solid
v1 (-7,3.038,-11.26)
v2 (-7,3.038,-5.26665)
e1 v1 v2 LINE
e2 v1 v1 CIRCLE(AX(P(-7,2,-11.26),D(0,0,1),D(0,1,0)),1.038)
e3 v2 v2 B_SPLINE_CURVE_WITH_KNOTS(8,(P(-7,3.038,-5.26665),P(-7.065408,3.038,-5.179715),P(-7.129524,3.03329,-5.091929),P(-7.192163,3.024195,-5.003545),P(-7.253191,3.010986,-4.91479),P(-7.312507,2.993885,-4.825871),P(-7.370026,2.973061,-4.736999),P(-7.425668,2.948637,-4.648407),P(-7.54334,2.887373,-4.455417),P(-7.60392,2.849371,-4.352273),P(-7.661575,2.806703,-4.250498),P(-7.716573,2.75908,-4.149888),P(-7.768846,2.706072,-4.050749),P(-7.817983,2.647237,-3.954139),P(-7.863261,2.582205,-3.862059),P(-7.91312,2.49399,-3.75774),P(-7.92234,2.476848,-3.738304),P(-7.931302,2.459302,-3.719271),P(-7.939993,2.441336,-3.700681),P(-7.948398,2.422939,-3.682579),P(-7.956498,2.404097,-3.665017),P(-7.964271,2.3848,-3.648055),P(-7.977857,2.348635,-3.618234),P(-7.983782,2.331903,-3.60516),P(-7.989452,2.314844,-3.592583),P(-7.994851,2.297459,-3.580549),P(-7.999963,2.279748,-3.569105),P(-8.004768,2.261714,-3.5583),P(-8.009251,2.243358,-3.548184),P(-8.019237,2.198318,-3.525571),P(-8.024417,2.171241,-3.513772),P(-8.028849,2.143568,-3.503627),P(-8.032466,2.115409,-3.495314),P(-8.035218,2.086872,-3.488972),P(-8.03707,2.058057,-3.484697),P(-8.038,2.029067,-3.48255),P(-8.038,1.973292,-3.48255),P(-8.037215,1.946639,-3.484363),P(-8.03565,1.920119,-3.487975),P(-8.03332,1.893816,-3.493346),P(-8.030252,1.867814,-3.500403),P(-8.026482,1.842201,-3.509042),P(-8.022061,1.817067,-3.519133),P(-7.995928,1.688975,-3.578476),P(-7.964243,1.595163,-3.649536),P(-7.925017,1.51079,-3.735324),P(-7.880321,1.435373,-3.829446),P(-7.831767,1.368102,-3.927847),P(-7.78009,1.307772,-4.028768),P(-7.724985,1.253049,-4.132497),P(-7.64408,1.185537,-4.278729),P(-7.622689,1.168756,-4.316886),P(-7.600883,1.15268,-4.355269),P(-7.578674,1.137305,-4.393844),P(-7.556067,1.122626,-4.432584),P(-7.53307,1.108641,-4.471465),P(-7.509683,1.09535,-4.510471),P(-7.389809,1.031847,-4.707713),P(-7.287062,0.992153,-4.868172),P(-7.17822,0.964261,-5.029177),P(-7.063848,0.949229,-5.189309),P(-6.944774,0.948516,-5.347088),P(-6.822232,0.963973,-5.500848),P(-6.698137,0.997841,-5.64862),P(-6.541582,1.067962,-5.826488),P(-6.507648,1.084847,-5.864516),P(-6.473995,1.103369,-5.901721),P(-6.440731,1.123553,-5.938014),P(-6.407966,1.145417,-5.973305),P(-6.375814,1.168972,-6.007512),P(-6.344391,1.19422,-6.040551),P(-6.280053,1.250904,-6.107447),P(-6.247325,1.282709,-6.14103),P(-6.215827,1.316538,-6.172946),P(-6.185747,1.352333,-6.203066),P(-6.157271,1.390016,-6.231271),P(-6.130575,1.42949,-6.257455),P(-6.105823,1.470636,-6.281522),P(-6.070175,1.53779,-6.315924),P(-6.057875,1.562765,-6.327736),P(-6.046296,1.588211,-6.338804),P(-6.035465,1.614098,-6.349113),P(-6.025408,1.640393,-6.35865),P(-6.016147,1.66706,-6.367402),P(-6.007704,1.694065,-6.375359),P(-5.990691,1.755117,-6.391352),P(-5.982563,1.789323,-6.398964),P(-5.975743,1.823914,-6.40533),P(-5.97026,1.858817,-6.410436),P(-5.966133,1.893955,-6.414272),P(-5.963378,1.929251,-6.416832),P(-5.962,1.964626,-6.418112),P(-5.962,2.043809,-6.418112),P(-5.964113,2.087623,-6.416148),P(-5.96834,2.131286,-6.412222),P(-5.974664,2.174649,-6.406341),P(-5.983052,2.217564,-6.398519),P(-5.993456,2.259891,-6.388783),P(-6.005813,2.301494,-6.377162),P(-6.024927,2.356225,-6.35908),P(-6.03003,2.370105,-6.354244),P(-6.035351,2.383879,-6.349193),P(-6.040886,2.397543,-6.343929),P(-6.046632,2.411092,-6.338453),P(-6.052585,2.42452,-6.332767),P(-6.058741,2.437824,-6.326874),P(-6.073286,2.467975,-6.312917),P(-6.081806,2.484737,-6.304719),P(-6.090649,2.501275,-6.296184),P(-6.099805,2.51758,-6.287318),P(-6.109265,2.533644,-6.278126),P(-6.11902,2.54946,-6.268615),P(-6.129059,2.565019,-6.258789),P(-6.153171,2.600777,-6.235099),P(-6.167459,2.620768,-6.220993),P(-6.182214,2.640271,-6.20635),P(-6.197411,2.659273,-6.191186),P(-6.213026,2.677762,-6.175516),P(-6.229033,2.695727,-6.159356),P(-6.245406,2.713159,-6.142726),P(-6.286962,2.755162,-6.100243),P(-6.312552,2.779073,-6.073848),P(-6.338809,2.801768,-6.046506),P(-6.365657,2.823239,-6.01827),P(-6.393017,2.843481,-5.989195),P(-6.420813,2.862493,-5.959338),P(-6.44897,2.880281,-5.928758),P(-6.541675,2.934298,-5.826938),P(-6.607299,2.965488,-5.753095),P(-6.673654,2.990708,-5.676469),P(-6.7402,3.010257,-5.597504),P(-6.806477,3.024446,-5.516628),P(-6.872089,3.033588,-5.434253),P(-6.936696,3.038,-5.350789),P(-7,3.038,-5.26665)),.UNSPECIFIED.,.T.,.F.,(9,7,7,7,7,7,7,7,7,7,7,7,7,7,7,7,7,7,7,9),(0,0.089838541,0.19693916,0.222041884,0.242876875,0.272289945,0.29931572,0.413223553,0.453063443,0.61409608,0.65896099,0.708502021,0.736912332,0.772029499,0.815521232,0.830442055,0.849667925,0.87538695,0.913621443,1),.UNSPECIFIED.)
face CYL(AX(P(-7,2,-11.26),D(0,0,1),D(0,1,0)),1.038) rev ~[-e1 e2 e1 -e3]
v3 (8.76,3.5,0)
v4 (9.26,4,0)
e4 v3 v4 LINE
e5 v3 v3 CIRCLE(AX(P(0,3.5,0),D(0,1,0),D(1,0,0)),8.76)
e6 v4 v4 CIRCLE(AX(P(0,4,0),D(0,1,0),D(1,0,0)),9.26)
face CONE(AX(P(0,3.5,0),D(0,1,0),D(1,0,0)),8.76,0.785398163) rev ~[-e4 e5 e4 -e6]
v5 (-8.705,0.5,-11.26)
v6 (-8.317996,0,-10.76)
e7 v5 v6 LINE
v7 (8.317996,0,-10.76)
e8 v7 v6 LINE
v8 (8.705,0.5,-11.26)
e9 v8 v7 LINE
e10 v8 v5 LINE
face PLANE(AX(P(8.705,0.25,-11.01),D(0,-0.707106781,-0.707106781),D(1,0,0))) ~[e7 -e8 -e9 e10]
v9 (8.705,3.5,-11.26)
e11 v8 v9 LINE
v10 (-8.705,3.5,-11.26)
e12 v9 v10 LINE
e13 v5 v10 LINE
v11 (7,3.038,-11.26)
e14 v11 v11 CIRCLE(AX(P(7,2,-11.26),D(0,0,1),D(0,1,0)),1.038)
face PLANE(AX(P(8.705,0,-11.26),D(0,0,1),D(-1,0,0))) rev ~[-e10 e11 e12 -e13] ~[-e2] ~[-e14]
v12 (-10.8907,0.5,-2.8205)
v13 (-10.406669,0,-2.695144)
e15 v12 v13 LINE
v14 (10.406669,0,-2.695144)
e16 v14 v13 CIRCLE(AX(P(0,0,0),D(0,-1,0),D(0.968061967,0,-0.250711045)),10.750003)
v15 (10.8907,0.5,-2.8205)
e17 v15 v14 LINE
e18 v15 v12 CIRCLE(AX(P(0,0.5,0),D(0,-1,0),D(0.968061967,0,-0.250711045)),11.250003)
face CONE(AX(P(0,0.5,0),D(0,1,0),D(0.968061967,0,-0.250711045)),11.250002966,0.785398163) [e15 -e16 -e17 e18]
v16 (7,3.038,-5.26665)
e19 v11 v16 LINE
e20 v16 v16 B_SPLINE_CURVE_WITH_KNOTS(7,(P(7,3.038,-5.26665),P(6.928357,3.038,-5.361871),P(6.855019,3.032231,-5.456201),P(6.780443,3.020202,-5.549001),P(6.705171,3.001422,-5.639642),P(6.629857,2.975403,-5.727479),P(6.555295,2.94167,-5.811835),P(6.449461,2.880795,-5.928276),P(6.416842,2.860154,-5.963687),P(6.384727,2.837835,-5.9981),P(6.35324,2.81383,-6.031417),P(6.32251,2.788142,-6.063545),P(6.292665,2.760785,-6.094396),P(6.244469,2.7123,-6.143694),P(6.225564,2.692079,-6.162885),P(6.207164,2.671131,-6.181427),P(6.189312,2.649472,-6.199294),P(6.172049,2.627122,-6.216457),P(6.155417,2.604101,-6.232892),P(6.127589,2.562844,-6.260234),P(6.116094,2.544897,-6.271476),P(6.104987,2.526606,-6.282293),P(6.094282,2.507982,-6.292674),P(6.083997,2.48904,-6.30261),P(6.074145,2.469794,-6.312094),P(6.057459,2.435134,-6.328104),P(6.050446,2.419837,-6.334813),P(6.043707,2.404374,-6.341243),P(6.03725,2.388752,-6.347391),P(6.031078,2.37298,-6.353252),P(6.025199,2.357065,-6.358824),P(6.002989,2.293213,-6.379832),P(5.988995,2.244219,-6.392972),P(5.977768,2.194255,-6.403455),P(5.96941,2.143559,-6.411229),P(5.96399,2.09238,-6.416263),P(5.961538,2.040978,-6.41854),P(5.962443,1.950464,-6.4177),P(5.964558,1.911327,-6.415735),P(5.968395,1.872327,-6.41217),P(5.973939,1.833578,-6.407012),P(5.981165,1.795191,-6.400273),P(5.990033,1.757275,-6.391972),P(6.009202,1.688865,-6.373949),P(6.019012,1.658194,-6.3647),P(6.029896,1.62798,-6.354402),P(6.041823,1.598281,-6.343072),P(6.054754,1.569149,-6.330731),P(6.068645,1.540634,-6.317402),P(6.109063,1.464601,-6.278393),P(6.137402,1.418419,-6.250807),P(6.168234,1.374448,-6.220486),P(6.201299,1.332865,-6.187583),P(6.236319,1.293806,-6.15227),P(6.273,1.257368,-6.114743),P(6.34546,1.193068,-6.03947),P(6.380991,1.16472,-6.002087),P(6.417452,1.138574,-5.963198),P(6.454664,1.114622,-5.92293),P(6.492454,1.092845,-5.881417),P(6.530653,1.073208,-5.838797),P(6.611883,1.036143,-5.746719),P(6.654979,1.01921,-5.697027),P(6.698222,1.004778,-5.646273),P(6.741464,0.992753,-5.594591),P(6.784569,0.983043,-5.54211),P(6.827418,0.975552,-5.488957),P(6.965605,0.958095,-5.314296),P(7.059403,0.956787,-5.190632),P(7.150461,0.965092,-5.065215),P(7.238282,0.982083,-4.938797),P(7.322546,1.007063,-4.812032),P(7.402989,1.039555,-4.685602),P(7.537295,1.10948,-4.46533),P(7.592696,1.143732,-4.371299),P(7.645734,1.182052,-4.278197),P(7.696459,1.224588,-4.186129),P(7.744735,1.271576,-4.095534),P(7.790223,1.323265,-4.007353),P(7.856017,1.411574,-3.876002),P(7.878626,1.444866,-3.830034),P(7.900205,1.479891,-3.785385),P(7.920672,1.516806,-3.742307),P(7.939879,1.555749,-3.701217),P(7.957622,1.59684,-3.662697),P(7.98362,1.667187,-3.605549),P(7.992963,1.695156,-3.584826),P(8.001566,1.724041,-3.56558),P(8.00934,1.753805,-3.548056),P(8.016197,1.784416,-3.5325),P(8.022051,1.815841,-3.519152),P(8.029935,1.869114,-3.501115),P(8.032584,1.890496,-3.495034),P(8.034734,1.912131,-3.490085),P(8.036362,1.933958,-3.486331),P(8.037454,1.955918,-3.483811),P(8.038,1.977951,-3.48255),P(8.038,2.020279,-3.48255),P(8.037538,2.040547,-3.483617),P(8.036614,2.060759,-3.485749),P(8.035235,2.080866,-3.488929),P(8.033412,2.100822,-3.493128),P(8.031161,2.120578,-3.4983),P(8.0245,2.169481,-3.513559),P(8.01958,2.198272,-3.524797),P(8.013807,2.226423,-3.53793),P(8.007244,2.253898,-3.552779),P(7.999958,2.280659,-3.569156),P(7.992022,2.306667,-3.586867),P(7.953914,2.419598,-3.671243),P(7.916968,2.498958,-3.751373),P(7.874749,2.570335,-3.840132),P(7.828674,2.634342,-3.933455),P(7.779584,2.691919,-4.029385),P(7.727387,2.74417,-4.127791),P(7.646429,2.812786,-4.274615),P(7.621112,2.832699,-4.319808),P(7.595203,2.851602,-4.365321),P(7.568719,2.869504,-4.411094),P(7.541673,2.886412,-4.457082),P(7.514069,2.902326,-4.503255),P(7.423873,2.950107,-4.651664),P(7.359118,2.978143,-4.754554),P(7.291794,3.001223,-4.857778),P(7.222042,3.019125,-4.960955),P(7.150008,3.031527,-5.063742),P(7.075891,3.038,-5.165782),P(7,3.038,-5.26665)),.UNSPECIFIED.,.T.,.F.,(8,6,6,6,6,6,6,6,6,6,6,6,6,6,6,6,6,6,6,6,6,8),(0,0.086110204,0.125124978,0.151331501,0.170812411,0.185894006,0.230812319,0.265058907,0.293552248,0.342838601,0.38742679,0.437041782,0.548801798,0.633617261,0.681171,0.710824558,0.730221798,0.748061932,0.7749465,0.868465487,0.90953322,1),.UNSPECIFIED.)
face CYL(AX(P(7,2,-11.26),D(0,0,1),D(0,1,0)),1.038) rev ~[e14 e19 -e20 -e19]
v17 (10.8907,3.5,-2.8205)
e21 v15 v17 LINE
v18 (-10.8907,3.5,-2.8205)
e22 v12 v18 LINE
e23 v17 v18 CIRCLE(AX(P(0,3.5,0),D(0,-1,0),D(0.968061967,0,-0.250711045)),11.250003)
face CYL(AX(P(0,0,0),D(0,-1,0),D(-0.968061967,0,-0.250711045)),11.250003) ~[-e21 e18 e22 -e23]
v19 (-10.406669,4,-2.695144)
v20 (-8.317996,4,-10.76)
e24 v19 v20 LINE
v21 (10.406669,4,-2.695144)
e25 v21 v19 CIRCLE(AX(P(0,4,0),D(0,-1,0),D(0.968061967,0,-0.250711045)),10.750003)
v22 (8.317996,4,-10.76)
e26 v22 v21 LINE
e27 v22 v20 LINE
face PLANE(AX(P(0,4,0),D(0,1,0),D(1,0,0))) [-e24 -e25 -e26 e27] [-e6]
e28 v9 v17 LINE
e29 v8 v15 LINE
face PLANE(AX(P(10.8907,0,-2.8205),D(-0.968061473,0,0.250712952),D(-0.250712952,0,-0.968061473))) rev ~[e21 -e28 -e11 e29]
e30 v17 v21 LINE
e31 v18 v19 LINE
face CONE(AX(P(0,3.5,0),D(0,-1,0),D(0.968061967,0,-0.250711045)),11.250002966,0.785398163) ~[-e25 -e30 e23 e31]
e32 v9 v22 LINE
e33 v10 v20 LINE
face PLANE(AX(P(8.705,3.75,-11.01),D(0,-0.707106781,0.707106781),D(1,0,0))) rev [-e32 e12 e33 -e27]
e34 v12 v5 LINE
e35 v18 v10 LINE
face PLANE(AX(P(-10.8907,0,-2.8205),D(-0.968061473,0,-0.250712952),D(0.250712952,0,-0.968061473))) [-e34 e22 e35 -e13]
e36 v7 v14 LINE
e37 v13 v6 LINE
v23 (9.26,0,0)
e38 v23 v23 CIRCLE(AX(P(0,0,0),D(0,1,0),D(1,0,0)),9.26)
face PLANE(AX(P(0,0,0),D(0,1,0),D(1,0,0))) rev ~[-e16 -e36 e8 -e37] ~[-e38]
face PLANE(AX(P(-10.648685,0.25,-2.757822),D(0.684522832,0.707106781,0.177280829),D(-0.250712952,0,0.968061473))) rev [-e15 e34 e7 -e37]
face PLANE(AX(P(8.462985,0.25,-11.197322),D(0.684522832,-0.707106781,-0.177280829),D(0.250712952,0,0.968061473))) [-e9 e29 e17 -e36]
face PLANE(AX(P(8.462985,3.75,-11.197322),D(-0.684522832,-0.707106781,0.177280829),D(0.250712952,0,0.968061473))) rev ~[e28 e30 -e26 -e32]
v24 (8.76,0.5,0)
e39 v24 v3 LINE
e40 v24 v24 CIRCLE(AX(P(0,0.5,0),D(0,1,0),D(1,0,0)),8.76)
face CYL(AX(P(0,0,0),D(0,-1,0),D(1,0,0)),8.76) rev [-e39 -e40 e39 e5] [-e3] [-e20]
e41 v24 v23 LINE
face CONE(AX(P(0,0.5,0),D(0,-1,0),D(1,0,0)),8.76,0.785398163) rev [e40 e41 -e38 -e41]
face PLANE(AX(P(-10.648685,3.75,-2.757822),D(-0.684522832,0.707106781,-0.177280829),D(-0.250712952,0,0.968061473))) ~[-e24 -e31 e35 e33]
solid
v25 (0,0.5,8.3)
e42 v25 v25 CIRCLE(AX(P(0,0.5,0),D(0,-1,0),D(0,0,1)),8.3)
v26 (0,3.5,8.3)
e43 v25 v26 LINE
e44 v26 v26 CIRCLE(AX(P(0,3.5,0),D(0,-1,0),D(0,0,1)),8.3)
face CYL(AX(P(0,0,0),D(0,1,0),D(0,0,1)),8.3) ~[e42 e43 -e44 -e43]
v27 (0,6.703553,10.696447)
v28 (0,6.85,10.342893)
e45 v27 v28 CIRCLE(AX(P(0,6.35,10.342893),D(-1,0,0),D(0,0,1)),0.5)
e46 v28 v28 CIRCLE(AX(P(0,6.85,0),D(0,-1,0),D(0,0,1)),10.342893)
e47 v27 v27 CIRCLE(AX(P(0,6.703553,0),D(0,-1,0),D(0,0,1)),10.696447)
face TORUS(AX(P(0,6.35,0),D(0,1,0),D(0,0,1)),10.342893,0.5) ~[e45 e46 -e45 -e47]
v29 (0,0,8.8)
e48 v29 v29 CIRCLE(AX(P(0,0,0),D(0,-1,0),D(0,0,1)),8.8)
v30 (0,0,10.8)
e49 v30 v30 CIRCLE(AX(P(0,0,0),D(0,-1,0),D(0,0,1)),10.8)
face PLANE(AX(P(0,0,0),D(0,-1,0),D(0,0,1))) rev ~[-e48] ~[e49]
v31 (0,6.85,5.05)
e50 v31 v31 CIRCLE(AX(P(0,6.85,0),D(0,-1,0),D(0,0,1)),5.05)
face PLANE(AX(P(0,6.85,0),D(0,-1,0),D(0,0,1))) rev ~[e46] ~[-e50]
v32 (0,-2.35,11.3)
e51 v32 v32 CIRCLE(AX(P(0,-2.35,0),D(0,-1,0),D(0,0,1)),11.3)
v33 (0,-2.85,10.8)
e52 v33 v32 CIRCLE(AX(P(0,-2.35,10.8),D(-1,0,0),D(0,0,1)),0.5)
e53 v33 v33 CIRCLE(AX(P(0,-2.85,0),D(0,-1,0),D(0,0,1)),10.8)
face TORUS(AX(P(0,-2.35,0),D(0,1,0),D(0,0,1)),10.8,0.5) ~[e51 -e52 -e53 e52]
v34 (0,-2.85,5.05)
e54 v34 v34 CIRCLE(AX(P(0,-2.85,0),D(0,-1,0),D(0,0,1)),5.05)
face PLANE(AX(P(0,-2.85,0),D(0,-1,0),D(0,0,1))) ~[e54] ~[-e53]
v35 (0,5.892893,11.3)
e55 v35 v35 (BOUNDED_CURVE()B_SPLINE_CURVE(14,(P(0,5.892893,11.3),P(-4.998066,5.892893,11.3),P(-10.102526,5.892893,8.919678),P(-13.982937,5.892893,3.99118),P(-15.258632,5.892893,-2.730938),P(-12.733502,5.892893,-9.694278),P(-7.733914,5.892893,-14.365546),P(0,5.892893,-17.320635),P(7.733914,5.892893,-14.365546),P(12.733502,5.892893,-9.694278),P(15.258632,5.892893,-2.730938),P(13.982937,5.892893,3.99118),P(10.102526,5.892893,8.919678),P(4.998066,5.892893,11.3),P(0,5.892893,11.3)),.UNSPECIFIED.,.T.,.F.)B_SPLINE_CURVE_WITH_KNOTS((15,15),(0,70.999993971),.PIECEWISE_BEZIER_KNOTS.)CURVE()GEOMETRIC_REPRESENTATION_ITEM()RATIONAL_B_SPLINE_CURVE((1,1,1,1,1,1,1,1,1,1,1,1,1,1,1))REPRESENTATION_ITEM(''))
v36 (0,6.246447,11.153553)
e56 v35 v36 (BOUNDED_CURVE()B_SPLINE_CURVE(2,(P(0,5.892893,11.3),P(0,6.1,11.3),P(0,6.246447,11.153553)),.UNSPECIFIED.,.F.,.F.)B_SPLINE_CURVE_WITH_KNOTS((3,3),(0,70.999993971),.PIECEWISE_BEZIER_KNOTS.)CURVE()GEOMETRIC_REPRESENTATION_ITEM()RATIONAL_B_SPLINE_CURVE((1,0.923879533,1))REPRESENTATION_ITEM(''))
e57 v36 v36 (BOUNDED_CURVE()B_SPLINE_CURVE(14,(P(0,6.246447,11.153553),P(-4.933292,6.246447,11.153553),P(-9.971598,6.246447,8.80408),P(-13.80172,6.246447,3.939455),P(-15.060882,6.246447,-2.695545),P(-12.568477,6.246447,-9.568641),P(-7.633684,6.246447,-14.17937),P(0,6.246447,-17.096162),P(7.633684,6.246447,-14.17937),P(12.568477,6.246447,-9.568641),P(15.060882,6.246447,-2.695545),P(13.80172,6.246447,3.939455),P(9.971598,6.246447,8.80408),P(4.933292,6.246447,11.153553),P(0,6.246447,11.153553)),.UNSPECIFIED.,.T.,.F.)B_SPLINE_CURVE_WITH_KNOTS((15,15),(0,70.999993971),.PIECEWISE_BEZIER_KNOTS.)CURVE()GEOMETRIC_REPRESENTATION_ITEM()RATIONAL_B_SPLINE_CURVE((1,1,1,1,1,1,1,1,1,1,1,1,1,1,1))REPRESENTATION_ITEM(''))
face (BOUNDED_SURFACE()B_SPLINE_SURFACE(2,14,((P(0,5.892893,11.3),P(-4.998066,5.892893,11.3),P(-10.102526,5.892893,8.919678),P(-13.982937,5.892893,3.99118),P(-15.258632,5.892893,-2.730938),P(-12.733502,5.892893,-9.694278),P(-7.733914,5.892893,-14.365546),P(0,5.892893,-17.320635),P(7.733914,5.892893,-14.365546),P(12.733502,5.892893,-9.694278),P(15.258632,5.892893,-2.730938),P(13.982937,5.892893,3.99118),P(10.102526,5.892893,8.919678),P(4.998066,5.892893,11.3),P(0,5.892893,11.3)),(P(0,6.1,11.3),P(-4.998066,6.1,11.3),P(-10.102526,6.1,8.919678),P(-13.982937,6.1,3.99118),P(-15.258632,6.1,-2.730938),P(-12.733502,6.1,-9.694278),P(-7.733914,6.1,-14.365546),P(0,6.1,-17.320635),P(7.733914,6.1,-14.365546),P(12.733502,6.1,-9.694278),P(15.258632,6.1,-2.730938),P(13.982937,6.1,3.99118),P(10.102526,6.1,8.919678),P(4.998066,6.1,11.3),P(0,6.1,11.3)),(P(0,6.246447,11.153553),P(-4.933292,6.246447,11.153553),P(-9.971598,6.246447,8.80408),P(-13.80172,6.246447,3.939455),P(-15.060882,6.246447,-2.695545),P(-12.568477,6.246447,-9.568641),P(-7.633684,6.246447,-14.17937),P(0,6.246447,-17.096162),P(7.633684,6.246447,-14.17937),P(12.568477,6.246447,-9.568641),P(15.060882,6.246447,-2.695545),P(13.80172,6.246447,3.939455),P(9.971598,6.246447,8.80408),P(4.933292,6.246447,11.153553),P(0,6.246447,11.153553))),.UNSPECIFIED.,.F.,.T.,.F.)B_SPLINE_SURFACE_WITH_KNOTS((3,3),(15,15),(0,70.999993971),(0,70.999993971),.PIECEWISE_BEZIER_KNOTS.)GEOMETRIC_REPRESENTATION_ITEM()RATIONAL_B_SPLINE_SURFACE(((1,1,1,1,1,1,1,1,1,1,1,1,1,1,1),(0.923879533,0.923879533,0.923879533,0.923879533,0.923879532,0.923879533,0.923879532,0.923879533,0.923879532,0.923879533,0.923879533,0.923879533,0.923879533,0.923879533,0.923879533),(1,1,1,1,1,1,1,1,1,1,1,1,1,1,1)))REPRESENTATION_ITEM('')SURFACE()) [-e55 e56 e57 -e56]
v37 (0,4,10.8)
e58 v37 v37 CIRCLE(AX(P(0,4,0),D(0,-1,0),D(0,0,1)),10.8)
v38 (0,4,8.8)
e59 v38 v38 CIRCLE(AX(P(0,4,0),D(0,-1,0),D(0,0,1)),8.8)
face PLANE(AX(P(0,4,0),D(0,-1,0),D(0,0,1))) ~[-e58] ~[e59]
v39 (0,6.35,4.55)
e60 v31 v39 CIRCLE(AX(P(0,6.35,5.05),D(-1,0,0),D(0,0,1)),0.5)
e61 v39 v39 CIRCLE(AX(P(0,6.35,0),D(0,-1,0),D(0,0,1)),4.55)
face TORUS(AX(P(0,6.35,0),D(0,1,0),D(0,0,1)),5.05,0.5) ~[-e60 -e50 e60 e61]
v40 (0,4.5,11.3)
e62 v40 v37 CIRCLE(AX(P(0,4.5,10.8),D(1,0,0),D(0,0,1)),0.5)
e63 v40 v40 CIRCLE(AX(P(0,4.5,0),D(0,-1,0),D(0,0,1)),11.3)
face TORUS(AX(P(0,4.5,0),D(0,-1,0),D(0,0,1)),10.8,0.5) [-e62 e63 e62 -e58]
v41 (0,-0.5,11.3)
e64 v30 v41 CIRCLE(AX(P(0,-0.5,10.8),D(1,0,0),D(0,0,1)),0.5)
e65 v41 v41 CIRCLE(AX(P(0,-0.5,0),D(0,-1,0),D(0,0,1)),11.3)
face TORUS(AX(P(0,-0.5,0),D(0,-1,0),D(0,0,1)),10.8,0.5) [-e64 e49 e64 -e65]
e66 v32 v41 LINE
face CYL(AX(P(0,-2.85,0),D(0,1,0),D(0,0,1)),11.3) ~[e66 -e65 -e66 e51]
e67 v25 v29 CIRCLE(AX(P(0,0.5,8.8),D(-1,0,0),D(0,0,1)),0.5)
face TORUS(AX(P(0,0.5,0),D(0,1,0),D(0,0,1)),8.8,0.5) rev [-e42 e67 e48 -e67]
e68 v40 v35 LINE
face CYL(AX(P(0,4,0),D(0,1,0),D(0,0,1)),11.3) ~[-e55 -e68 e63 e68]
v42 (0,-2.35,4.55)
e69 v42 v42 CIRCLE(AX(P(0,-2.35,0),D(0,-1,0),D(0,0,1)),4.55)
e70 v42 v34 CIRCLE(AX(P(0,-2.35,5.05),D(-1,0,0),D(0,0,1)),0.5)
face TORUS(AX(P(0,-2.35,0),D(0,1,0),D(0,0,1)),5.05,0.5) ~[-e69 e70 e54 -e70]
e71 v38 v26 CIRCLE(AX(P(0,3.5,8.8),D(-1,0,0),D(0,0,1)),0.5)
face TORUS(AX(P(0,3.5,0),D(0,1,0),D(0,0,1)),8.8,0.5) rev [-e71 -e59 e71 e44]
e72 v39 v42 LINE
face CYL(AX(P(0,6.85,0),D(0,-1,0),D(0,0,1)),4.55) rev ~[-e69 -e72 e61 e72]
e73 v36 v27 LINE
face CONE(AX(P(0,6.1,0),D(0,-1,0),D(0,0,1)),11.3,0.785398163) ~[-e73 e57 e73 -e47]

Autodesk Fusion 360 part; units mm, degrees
sketch "Sketch1" plane through (0, 0, 0) normal (0, 1, 0) x (1, 0, 0)
  circle A0 centre (0, 0) radius 8.76
  arc A1 (-10.8907, 2.8205) -> (10.8907, 2.8205) centre (0, 0) ccw
  line L0 (-10.8907, 2.8205) -> (-8.705, 11.26)
  line L1 (10.8907, 2.8205) -> (8.705, 11.26)
  line L2 (8.705, 11.26) -> (-8.705, 11.26)
  point P0 (0, 8.76)
  dimension "d1" = 11.25
  dimension "d2" = 17.52
  dimension "d4" = 17.41
  dimension "d5" = 2.5
extrude "Extrude1" add sketch "Sketch1" along normal blind 4 makes body 1
chamfer "Chamfer1" distance 0.5 angle 45 10 edges at (-9.7978, 0, -7.0403) (0, 0, 11.25) (9.7978, 0, -7.0403) (-8.1672, 0, -3.1678) (-9.7978, 4, -7.0403) (0, 4, 11.25) (9.7978, 4, -7.0403) (-8.1672, 4, -3.1678) (0, 0, -11.26) (0, 4, -11.26) on bodies 1
sketch "Sketch2" plane through (0, 0, -11.26) normal (0, 0, -1) x (1, 0, 0)
  line L0 (-8.705, -3.5) -> (8.705, -3.5)
  line L1 (8.705, -3.5) -> (8.705, -0.5)
  line L2 (8.705, -0.5) -> (-8.705, -0.5)
  line L3 (-8.705, -0.5) -> (-8.705, -3.5)
  line L4 (-7, -2) -> (7, -2) construction
  point P0 (8.705, -2)
  point P1 (0, -2)
  dimension "d9" = 14
hole "Hole1" at (-7, 2, -11.26) at (7, 2, -11.26) direction (0, 0, 1) diameter 2.076 depth 11.26 tip angle 118 bodies 1
sketch "Sketch3" plane through (0, 0, 0) normal (1, 0, 0) x (0, 1, 0)
  line L0 (4, -9.26) -> (4, 9.26) construction
  line L1 (0, 9.26) -> (0, -9.26) construction
  line L2 (0, 0) -> (-2.85, 0) construction
  line L3 (-2.85, 0) -> (-2.85, 11.3)
  line L4 (-2.85, 11.3) -> (0, 11.3)
  line L5 (0, 11.3) -> (0, 8.3)
  line L6 (0, 8.3) -> (4, 8.3)
  line L7 (4, 8.3) -> (4, 11.3)
  line L8 (4, 11.3) -> (6.85, 11.3)
  line L9 (6.85, 11.3) -> (6.85, 0)
  line L10 (6.85, 0) -> (4, 0) construction
  line L11 (4, 0) -> (0, 0) construction
  line L12 (6.85, 4.55) -> (-2.85, 4.55)
  line L13 (2, 0) -> (2, 8.3) construction
  dimension "d13" = 8.3
  dimension "d14" = 11.3
  dimension "d15" = 9.7
  dimension "d16" = 4
  dimension "d17" = 4.55
revolve "Revolve1" add sketch "Sketch3" angle 360 about axis through (0, 6.85, 0) along (0, -1, 0) separate body makes body 2
chamfer "Chamfer2" distance 0.75 angle 45 1 edges at (-10.5353, 6.85, 4.0863) on bodies 2
fillet "Fillet1" radius 0.5 9 faces at (0.9737, 0, 10.227) (0.9737, 4, 10.227) (1.1251, 5.4, 11.2438) (0.5241, 6.85, 8.5107) (0.5508, 6.35, 11.0363) (0.4137, 1.3333, 8.2897) (0.2268, 3.6167, 4.5443) (0.7874, -2.85, 8.991) (0.5633, -1.9, 11.286) on bodies 2
equation "d1 = ( 22.5 / 2 ) * 1 mm"
equation "d13 = ( 16.6 / 2 ) * 1 mm"
equation "d14 = ( 22.6 / 2 ) * 1 mm"
equation "d17 = ( 9.1 / 2 ) * 1 mm"
